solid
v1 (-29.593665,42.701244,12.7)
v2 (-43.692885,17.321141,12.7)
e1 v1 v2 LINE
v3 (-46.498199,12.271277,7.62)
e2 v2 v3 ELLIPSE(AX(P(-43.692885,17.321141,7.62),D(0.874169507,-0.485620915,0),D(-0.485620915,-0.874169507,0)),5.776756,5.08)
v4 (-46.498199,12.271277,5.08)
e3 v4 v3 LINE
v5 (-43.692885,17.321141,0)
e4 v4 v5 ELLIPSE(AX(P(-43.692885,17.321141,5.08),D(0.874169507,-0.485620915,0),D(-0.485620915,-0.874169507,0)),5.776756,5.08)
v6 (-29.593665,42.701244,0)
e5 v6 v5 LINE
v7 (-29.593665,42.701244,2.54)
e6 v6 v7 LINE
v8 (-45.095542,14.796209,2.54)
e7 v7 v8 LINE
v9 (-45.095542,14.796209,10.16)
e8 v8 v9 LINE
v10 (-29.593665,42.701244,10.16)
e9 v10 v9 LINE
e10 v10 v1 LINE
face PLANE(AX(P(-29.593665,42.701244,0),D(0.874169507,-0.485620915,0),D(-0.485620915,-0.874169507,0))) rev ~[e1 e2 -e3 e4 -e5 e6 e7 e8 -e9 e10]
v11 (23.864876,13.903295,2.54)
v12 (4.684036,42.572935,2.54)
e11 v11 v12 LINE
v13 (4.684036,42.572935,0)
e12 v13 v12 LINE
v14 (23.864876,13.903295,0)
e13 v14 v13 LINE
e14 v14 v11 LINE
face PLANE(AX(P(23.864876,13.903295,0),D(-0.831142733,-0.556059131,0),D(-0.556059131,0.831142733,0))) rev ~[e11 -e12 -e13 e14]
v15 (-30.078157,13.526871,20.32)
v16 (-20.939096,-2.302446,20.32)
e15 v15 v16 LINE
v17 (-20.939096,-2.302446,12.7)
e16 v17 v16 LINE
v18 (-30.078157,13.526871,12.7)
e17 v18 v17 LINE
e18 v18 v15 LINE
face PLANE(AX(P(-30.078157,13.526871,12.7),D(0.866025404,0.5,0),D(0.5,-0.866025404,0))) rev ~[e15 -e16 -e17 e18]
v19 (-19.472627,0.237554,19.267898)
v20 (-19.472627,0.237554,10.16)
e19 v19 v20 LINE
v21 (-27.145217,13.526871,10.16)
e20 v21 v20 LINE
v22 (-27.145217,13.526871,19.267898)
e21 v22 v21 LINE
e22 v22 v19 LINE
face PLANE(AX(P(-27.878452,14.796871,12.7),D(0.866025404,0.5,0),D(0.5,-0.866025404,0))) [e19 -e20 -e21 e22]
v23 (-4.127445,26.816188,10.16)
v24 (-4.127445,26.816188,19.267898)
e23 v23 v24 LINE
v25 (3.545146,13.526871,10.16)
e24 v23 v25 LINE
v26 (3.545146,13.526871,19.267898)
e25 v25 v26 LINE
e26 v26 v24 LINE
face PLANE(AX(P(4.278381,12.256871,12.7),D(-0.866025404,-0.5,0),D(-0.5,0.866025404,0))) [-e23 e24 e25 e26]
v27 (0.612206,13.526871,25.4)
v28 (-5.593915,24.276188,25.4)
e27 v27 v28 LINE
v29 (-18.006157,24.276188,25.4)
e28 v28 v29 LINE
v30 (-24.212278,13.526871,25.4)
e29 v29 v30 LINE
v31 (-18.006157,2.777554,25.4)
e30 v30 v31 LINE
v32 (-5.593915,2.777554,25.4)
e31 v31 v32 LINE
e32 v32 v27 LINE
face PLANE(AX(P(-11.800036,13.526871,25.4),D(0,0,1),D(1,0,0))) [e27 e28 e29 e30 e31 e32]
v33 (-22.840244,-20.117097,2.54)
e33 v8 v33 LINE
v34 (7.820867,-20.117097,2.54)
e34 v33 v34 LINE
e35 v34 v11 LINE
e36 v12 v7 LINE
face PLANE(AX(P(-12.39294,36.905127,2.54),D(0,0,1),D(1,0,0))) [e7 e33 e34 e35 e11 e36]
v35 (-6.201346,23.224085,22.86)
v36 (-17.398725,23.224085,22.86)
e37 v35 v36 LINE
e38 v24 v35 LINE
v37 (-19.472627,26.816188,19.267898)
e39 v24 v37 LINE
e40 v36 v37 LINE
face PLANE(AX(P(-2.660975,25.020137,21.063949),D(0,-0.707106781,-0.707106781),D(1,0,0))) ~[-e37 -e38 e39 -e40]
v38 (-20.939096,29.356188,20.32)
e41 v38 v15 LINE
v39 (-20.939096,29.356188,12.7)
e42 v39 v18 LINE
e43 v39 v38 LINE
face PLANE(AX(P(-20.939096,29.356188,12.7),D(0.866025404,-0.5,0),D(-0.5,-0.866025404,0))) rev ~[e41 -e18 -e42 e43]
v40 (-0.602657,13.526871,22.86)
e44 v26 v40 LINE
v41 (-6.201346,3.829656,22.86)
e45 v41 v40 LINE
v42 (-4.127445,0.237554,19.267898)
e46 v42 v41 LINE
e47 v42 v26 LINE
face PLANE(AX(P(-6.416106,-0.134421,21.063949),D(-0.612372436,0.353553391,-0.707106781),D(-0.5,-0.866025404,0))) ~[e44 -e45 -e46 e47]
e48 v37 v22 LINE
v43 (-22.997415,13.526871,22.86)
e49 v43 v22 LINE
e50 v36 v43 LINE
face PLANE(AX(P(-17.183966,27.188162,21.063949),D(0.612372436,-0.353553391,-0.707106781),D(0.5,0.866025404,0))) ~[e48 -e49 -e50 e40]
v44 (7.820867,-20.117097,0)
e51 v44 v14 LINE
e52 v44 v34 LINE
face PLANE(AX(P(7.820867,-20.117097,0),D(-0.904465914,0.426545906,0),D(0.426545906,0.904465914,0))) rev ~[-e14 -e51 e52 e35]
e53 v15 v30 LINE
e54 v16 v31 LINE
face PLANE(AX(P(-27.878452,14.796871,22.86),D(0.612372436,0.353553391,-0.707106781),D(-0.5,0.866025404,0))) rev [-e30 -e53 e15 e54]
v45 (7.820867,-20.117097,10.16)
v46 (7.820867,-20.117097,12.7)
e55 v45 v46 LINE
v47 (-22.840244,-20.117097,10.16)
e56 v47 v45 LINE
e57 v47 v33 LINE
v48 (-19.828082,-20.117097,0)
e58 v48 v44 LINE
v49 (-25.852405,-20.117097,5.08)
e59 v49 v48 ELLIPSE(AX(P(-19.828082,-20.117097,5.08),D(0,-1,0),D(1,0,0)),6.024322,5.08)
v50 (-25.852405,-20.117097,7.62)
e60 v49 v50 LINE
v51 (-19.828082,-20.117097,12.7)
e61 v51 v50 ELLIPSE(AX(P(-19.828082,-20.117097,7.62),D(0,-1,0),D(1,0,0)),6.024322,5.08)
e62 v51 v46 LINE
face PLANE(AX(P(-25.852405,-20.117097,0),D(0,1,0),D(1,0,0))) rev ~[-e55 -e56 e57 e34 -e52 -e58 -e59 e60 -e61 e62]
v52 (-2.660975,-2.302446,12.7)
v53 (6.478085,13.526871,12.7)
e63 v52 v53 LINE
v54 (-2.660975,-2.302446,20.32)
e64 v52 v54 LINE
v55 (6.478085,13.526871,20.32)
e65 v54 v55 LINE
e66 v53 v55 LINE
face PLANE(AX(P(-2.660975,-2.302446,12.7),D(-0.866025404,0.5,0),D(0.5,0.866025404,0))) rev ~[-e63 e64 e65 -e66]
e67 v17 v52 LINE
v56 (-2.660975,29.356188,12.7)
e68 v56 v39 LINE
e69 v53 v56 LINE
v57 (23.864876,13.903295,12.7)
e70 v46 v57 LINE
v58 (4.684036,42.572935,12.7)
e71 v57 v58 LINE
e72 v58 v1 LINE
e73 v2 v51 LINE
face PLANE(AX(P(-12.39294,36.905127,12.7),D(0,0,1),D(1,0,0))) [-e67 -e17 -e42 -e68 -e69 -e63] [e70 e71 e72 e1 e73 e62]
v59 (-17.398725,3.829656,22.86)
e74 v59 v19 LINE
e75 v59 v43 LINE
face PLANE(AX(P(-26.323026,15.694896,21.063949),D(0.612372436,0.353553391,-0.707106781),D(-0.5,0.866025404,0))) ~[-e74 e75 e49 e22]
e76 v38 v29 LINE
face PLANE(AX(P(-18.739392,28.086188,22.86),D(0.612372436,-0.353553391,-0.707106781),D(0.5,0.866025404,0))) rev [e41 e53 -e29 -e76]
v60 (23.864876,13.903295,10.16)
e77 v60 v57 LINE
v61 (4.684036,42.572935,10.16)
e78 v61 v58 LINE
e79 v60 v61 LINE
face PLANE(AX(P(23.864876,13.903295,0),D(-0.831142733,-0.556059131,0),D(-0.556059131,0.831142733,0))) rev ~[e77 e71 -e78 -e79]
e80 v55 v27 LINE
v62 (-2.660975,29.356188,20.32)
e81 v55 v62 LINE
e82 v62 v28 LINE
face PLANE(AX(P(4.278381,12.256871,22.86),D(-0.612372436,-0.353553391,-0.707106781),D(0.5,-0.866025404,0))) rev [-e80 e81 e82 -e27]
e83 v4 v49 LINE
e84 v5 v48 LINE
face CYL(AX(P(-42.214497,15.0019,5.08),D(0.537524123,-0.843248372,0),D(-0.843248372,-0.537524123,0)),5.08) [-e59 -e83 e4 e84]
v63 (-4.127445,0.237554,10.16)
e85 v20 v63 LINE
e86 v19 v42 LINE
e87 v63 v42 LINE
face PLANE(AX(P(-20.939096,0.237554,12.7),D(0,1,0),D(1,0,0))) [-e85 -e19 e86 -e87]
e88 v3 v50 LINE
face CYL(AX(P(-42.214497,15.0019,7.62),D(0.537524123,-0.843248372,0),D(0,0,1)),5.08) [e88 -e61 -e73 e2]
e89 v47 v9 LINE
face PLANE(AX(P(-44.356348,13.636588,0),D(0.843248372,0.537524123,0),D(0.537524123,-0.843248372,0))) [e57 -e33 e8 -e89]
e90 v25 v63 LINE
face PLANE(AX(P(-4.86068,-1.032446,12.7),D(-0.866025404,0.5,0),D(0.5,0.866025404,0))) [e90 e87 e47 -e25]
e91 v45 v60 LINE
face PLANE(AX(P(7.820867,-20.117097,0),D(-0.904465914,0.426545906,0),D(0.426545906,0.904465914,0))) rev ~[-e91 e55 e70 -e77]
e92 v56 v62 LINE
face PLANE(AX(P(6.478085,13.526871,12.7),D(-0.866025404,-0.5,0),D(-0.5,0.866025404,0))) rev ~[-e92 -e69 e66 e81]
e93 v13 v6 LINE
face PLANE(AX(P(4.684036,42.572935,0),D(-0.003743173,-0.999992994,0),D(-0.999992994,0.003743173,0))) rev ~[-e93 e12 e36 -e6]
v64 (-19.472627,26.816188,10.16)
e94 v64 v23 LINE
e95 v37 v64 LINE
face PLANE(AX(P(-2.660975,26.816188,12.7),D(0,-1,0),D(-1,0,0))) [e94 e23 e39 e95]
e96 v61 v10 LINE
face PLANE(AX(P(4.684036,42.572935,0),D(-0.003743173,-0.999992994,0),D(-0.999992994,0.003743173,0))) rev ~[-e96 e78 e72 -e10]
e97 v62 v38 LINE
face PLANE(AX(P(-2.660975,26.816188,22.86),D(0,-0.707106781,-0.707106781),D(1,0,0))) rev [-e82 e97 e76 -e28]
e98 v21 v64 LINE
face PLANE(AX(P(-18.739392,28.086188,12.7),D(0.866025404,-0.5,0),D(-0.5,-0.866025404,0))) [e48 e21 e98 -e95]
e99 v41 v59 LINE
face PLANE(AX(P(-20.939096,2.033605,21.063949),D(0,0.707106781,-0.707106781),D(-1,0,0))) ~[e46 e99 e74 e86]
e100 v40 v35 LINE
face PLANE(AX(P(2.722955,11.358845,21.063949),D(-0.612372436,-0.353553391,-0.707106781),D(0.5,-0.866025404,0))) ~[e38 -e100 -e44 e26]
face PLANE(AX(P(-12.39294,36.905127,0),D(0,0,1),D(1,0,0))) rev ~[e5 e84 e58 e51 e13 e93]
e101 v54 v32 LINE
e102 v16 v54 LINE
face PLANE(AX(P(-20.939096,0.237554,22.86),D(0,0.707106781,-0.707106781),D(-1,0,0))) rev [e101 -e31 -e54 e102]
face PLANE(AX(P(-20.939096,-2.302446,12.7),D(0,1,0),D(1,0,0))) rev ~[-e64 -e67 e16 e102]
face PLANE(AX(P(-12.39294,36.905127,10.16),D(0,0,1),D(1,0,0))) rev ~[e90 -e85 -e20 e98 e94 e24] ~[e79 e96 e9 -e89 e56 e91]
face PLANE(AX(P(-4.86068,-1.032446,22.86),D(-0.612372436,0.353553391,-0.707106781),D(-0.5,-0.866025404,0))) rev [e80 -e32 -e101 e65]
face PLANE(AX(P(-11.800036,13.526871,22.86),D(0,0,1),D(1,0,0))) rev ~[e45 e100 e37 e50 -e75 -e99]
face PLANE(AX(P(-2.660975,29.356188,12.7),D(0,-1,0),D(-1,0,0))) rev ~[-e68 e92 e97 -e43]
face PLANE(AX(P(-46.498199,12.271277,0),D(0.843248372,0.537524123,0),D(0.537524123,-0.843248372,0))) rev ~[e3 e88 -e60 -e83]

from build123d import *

# Parameters (mm, degrees)
F1_DEPTH = 12.7
F3_DEPTH = 12.7
F4_SIZE  = 5.08
F5_T     = -2.54
F6_R     = 5.08
F7_R     = 5.08


with BuildPart() as f1:
    # F0 (on Top) → F1 (new body)
    with BuildSketch(Plane.XY):
        Polygon((-29.5936651047, 42.7012435267), (-20.7587903276, 28.1868066845), (-3.0799934127, 28.5968528045), (4.6840362066, 42.572935257), align=None)
        Polygon((-3.0799934127, 28.5968528045), (6.1145154014, 13.4915886278), (23.8648758049, 13.903294608), (4.6840362066, 42.572935257), align=None)
        Polygon((6.1145154014, 13.4915886278), (-2.3697726995, -2.0237216688), (7.8208672829, -20.1170971814), (23.8648758049, 13.903294608), align=None)
        Polygon((-2.3697726995, -2.0237216688), (-20.0485696143, -2.4337677888), (-25.8524047196, -20.1170971814), (7.8208672829, -20.1170971814), align=None)
        Polygon((-25.8524047196, -20.1170971814), (-20.0485696143, -2.4337677888), (-29.2430784284, 12.6714963879), (-46.4981990716, 12.2712771137), align=None)
        Polygon((-46.4981990716, 12.2712771137), (-29.2430784284, 12.6714963879), (-20.7587903276, 28.1868066845), (-29.5936651047, 42.7012435267), align=None)
        Polygon((-29.2430784284, 12.6714963879), (-20.0485696143, -2.4337677888), (-2.3697726995, -2.0237216688), (6.1145154014, 13.4915886278), (-3.0799934127, 28.5968528045), (-20.7587903276, 28.1868066845), align=None)
    extrude(amount=F1_DEPTH)

    # F2 (on face) → F3 (join)
    with BuildSketch(Plane.XY.offset(12.7)):
        Polygon((-20.9390962878, -2.3024461698), (-2.6609753808, -2.3024461698), (6.4780850727, 13.5268708691), (-2.6609753808, 29.356187908), (-20.9390962878, 29.356187908), (-30.0781567413, 13.5268708691), align=None)
    extrude(amount=F3_DEPTH)

    # F4
    f4_edges = [f1.edges().sort_by_distance(p)[0] for p in [
        (1.908555, 5.612212, 25.4),
        (1.908555, 21.441529, 25.4),
        (-11.800036, 29.356188, 25.4),
        (-25.508627, 21.441529, 25.4),
        (-25.508627, 5.612212, 25.4),
        (-11.800036, -2.302446, 25.4),
    ]]
    chamfer(f4_edges, length=F4_SIZE)

    # F5
    f5_openings = [f1.faces().sort_by_distance(p)[0] for p in [
        (15.842872, -3.106901, 6.35),
        (-9.015769, -20.117097, 6.35),
        (14.274456, 28.238115, 6.35),
        (-12.454814, 42.637089, 6.35),
        (-38.045932, 27.48626, 6.35),
    ]]
    offset(amount=F5_T, openings=f5_openings, kind=Kind.INTERSECTION)

    # F6
    f6_edges = [f1.edges().sort_by_distance(p)[0] for p in [
        (-36.175302, -3.92291, 12.7),
    ]]
    fillet(f6_edges, radius=F6_R)

    # F7
    f7_edges = [f1.edges().sort_by_distance(p)[0] for p in [
        (-36.175302, -3.92291, 0),
    ]]
    fillet(f7_edges, radius=F7_R)


solid = f1.part
